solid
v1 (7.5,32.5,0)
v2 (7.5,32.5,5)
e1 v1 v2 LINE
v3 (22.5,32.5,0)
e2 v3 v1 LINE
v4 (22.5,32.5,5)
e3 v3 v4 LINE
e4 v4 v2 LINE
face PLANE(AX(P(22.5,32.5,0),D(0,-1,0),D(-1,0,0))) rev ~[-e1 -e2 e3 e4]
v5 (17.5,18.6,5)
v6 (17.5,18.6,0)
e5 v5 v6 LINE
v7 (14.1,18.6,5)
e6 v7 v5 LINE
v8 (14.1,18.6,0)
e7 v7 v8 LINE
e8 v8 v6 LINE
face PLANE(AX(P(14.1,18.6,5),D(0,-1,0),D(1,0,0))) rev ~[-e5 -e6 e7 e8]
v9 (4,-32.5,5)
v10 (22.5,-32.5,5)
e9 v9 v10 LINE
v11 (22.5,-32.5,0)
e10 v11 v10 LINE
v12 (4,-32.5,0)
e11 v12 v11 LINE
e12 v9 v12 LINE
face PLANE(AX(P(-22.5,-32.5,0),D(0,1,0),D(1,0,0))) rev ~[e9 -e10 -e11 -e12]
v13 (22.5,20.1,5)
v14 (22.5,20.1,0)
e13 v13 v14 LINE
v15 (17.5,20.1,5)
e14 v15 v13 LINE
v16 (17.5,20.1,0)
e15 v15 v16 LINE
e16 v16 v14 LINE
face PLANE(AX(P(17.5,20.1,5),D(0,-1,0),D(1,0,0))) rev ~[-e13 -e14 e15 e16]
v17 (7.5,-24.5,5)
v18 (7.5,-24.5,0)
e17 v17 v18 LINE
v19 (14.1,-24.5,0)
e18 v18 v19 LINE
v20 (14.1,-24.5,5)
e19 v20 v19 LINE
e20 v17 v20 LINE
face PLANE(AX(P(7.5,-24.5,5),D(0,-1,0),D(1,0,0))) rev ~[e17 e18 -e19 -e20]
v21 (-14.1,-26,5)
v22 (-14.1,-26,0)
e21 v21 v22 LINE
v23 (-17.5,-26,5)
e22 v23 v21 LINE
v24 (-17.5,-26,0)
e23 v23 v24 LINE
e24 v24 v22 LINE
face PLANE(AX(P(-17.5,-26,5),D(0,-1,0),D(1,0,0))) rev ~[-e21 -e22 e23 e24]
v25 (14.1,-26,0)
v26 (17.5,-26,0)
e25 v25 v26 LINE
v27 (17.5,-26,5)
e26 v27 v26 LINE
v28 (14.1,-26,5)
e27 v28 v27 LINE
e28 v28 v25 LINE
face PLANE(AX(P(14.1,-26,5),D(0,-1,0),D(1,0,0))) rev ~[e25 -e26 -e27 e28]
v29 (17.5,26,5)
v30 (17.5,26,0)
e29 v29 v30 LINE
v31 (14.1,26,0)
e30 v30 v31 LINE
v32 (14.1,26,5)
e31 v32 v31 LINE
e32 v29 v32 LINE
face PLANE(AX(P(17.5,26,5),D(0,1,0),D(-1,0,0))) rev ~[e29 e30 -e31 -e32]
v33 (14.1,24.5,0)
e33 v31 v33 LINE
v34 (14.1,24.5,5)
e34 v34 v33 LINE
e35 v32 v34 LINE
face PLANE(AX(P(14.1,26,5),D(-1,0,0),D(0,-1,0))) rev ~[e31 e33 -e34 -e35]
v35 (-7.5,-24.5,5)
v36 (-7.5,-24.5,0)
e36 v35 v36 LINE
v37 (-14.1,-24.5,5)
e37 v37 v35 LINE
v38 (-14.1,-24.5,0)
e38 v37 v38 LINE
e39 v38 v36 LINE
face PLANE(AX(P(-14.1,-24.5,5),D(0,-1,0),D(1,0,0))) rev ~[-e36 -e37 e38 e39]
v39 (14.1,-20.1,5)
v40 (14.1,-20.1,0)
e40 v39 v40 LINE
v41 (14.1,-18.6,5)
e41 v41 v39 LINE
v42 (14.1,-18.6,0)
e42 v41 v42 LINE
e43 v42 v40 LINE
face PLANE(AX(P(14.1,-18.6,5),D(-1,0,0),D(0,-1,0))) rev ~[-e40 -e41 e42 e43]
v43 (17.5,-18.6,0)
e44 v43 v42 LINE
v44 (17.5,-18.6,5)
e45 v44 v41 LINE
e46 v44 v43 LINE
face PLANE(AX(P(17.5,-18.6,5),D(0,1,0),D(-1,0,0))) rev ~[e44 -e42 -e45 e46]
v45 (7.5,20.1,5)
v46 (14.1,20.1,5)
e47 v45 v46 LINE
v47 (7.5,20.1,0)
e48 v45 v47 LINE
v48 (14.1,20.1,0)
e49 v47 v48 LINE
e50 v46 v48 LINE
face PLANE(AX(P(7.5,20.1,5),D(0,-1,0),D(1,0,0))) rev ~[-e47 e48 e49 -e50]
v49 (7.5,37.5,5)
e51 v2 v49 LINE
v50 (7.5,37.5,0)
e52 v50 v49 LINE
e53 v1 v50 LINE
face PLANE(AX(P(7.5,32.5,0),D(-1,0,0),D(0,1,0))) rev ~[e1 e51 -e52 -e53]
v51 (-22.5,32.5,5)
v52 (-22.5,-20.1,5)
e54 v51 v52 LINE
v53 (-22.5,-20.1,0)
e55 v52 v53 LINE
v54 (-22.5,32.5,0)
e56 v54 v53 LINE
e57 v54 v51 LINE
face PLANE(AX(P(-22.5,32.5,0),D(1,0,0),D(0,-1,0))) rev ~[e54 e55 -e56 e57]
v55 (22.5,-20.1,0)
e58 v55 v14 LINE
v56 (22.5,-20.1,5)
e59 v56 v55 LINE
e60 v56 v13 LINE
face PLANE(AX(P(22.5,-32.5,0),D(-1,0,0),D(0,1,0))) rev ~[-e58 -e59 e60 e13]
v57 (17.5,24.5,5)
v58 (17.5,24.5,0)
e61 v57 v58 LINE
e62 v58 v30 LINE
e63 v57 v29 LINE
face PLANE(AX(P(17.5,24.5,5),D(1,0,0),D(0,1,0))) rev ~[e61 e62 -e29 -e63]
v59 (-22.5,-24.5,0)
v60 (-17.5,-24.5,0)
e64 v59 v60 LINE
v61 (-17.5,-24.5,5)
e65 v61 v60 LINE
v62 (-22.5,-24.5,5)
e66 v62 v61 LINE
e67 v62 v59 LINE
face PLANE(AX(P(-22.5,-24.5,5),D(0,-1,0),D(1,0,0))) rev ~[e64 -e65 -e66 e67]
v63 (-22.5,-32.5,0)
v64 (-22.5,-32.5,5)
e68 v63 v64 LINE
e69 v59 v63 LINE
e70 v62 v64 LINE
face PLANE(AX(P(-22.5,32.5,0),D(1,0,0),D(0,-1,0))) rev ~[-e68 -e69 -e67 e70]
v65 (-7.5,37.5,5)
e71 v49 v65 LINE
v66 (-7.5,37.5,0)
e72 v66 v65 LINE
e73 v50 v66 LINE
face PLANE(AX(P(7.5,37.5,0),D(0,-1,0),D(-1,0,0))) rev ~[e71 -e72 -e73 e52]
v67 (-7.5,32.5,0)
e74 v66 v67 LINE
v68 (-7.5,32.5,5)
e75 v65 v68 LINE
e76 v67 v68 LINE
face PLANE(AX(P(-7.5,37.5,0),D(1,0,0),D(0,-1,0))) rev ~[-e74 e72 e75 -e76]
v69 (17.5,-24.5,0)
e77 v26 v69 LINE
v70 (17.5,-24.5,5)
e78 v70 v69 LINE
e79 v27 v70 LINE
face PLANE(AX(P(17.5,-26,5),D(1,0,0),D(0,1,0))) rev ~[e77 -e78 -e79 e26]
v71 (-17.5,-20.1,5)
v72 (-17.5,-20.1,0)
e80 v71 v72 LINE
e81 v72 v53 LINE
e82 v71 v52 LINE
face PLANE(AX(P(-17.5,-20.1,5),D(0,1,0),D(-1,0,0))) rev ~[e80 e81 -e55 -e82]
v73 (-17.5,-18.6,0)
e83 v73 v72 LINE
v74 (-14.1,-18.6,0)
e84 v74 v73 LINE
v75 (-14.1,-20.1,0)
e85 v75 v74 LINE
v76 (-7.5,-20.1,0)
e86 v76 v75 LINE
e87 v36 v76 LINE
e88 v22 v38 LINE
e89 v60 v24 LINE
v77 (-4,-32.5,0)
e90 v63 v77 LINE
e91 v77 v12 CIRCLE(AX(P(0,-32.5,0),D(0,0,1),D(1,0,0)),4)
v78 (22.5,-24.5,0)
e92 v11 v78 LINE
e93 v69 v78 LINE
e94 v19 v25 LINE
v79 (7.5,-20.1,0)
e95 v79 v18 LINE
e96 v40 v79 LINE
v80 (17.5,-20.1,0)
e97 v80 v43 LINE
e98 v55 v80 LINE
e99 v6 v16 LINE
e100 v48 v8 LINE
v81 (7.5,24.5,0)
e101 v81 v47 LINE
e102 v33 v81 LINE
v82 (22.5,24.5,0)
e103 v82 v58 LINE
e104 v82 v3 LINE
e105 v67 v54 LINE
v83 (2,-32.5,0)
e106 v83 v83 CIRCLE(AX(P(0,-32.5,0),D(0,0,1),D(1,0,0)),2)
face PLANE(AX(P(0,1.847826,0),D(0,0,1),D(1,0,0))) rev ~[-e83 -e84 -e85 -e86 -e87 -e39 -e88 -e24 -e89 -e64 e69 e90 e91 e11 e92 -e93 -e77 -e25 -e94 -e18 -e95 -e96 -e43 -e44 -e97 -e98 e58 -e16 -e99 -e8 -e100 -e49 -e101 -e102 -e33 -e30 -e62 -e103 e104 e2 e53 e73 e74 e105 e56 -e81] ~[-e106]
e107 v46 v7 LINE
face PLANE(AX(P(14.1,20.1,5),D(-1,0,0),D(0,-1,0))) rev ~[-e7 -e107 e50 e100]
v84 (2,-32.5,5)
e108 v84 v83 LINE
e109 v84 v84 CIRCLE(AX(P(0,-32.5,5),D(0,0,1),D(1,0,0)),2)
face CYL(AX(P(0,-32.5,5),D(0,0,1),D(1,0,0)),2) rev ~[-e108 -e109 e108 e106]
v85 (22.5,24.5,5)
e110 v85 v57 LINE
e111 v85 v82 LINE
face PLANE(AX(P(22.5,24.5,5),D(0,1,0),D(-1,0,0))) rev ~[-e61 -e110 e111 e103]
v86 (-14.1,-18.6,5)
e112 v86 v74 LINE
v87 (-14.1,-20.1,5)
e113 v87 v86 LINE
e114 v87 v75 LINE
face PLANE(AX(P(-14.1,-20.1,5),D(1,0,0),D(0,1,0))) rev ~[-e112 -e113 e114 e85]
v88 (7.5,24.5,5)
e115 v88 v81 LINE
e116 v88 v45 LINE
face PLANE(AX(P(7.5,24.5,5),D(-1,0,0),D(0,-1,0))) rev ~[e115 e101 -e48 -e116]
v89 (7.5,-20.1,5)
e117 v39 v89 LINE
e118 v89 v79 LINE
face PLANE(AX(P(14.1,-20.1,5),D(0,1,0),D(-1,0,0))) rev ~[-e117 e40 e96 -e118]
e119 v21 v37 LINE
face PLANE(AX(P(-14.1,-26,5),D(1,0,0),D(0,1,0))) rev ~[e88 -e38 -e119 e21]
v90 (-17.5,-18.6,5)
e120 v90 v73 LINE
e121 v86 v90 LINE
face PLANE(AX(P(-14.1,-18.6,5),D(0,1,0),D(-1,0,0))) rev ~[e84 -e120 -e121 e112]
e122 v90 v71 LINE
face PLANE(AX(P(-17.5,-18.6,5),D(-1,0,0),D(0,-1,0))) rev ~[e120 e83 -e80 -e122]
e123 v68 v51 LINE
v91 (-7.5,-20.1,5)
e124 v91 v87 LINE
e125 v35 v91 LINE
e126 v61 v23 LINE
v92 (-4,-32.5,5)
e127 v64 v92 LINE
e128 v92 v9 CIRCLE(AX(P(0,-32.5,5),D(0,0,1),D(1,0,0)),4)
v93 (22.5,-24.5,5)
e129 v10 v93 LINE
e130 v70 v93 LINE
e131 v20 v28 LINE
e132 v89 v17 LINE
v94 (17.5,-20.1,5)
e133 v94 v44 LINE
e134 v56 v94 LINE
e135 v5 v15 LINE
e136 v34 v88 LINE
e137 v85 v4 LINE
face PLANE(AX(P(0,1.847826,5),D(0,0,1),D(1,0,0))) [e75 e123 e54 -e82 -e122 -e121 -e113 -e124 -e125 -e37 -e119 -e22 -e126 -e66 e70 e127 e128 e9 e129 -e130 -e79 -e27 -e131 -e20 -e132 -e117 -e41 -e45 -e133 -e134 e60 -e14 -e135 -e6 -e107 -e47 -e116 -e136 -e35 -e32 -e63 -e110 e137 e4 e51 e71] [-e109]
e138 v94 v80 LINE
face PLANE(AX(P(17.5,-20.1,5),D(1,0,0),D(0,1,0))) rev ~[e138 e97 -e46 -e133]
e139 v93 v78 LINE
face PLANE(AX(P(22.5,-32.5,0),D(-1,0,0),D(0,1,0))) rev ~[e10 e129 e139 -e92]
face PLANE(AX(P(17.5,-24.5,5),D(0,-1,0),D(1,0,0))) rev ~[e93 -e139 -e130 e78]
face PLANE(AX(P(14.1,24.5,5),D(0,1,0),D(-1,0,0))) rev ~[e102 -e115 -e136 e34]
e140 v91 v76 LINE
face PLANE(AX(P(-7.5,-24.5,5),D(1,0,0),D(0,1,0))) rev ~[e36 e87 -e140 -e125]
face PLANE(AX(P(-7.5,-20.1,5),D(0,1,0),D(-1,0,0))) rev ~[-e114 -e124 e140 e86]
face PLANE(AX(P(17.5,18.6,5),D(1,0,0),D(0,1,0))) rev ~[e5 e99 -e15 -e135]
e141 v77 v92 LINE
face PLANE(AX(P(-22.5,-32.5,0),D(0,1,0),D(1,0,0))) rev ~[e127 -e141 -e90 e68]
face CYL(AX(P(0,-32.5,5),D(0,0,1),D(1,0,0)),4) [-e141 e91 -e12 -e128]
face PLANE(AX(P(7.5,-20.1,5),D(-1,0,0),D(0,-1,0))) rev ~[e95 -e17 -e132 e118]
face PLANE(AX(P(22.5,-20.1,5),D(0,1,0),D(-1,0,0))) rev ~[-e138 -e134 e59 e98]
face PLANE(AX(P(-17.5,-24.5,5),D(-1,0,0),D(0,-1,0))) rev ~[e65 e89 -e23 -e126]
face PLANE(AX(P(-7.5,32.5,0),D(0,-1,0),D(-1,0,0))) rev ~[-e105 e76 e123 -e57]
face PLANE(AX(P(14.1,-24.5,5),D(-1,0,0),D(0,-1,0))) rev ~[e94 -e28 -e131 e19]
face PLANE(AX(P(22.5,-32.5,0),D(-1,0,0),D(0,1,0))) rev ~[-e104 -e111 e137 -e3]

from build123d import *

# Parameters (mm, degrees)
BOSS_EXTRUDE1_DEPTH = 5
CUT_EXTRUDE1_DEPTH  = 5
SKETCH5_R           = 4
SKETCH5_R_2         = 2
BOSS_EXTRUDE2_DEPTH = 5
SKETCH6_R           = 2
CUT_EXTRUDE2_DEPTH  = 5


with BuildPart() as part:
    # Sketch1 → Boss-Extrude1 (new body)
    with BuildSketch(Plane.XY):
        Polygon((7.5, 32.5), (7.5, 37.5), (-7.5, 37.5), (-7.5, 32.5), (-22.5, 32.5), (-22.5, -32.5), (22.5, -32.5), (22.5, 32.5), align=None)
    extrude(amount=BOSS_EXTRUDE1_DEPTH)

    # Sketch3 → Cut-Extrude1 (cut)
    with BuildSketch(Plane.XY.offset(5)):
        Polygon((22.5, 24.5), (17.5, 24.5), (17.5, 26), (14.1, 26), (14.1, 24.5), (7.5, 24.5), (7.5, 20.1), (14.1, 20.1), (14.1, 18.6), (17.5, 18.6), (17.5, 20.1), (22.5, 20.1), align=None)
        Polygon((22.5, -24.5), (22.5, -20.1), (17.5, -20.1), (17.5, -18.6), (14.1, -18.6), (14.1, -20.1), (7.5, -20.1), (7.5, -24.5), (14.1, -24.5), (14.1, -26), (17.5, -26), (17.5, -24.5), align=None)
        Polygon((-22.5, -24.5), (-17.5, -24.5), (-17.5, -26), (-14.1, -26), (-14.1, -24.5), (-7.5, -24.5), (-7.5, -20.1), (-14.1, -20.1), (-14.1, -18.6), (-17.5, -18.6), (-17.5, -20.1), (-22.5, -20.1), align=None)
    extrude(amount=-CUT_EXTRUDE1_DEPTH, mode=Mode.SUBTRACT)

    # Sketch5 → Boss-Extrude2 (add)
    with BuildSketch(Plane.XY.offset(5)):
        with Locations((0, -32.5)):
            Circle(SKETCH5_R)
        with Locations((0, -32.5)):
            Circle(SKETCH5_R_2, mode=Mode.SUBTRACT)
    extrude(amount=-BOSS_EXTRUDE2_DEPTH)

    # Sketch6 → Cut-Extrude2 (cut)
    with BuildSketch(Plane.XY.offset(5)):
        with Locations((0, -32.5)):
            Circle(SKETCH6_R)
    extrude(amount=-CUT_EXTRUDE2_DEPTH, mode=Mode.SUBTRACT)


solid = part.part
